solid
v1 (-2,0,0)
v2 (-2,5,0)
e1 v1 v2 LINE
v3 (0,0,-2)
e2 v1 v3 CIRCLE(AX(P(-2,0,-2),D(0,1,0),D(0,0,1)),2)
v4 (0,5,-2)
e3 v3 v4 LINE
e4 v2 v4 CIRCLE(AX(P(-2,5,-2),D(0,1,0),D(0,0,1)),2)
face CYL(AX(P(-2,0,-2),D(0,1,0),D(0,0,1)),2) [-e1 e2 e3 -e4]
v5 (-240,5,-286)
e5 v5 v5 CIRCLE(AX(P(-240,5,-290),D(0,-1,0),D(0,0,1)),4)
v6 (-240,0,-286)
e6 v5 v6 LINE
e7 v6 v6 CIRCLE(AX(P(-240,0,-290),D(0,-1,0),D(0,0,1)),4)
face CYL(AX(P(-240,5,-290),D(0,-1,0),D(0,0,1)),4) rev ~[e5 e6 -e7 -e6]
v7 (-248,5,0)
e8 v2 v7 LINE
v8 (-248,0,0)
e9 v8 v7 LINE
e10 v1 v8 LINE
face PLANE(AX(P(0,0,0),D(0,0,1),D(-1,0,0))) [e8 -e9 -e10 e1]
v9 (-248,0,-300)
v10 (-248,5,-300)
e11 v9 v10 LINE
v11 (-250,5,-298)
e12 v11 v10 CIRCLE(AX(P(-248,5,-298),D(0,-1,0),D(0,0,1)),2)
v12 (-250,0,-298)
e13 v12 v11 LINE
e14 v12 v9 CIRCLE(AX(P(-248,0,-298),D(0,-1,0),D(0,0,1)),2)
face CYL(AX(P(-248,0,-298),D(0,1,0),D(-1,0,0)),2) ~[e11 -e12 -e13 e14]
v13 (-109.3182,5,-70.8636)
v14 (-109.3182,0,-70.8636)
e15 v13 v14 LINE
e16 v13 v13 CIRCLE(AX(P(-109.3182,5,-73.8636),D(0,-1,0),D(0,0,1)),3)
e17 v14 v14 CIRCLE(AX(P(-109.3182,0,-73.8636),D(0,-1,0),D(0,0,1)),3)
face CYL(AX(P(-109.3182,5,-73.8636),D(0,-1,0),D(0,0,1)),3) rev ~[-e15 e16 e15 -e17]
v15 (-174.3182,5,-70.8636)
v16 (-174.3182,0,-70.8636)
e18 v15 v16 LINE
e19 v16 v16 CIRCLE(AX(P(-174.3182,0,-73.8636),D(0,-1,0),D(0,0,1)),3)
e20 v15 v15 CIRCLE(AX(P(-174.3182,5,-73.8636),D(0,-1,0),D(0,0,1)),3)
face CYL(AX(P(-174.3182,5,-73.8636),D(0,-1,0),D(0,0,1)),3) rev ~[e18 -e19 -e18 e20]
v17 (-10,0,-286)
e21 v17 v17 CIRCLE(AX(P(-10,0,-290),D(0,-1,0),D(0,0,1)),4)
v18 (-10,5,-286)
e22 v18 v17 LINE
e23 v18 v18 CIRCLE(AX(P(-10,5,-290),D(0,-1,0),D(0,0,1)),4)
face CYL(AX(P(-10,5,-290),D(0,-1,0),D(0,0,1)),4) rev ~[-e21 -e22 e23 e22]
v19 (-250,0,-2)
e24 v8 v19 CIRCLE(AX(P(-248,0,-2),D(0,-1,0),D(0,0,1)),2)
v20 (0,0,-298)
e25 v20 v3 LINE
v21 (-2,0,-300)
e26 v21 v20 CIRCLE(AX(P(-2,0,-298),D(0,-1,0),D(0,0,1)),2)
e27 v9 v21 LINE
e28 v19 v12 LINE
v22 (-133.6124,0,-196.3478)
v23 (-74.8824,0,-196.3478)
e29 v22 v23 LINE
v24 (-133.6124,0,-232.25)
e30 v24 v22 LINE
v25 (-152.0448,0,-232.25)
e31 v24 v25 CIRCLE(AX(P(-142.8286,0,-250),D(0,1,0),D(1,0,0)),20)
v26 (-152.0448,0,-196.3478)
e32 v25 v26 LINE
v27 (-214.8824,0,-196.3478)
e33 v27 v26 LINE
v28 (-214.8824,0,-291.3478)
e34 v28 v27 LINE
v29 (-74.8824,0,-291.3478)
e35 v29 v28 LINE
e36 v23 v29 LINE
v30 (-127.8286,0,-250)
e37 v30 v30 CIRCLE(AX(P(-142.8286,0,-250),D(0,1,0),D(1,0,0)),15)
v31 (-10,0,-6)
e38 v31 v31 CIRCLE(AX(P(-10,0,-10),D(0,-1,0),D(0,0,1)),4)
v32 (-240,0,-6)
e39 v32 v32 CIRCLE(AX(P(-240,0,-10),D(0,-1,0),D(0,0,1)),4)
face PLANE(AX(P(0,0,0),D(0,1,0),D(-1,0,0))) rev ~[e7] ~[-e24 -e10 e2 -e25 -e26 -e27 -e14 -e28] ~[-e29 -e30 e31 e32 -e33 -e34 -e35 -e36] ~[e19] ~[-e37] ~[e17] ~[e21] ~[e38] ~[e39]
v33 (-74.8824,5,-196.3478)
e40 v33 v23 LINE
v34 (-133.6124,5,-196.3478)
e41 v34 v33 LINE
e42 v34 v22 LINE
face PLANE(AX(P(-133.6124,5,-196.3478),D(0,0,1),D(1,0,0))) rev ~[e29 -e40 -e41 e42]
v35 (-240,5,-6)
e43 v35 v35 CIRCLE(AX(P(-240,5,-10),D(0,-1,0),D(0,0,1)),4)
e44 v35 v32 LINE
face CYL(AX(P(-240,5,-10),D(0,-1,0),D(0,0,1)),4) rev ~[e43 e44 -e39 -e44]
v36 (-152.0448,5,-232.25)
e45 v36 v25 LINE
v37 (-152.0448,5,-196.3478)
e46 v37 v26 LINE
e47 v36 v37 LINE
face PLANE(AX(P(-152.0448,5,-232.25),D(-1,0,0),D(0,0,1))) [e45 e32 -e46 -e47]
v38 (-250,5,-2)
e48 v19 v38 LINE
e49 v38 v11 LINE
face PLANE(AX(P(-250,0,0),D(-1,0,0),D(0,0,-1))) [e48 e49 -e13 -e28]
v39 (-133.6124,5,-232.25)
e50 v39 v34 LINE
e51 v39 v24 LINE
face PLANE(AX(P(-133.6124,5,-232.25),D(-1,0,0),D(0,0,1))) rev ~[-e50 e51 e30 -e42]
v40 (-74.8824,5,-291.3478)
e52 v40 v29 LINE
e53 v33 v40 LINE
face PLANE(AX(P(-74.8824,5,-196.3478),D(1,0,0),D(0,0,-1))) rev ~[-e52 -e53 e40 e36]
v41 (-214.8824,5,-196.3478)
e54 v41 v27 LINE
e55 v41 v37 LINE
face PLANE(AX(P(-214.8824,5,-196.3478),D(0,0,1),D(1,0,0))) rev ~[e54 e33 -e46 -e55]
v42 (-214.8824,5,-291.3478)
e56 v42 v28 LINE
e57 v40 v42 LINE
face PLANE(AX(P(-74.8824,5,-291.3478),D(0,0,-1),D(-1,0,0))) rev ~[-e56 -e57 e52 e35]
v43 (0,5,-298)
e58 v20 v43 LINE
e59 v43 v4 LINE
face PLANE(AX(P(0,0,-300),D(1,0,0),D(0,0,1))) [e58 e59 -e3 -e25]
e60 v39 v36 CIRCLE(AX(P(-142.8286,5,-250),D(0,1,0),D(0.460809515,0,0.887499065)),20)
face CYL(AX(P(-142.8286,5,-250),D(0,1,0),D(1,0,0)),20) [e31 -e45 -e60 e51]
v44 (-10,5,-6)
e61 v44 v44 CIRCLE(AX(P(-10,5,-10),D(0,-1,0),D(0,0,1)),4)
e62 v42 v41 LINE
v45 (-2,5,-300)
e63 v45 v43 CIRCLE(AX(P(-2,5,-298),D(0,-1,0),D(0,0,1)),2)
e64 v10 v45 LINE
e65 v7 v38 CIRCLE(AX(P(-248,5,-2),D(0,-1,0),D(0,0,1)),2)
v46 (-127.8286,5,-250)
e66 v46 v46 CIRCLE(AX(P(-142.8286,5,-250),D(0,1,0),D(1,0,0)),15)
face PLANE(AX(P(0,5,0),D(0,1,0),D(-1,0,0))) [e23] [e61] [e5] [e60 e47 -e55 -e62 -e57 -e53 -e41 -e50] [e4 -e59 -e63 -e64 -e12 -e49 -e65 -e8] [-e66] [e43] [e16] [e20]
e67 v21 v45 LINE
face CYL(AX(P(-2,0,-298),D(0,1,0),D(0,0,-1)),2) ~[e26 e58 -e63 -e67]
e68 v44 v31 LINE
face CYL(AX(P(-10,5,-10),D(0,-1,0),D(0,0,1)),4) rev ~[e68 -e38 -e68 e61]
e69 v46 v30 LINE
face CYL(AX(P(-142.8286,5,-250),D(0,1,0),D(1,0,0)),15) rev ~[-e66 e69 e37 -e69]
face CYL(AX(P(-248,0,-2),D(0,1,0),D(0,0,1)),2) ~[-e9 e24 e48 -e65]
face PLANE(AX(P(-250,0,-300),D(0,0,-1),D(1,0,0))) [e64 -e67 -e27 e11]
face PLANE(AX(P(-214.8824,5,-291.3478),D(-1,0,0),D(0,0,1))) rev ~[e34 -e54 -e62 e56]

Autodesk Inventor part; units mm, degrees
ref_plane "YZ Plane" through (0, 0, 0) normal (1, 0, 0) x (0, 1, 0)
ref_plane "XZ Plane" through (0, 0, 0) normal (0, 1, 0) x (-1, 0, 0)
ref_plane "XY Plane" through (0, 0, 0) normal (0, 0, 1) x (1, 0, 0)
sketch "Sketch2" plane through (0, 0, 0) normal (0, 1, 0) x (-1, 0, 0)
  line L0 (0, 0) -> (250, 0)
  line L1 (250, 0) -> (250, -300)
  line L2 (250, -300) -> (0, -300)
  line L3 (0, -300) -> (0, 0)
  dimension "d4" = 250
  dimension "d5" = 300
extrude "Extrusion2" add sketch "Sketch2" along normal blind 5
fillet "Fillet1" radius 2 4 edges at (0, 2.5, 0) (-250, 2.5, 0) (-250, 2.5, -300) (0, 2.5, -300)
sketch "Sketch5" plane through (0, 5, 0) normal (0, 1, 0) x (1, 0, 0)
  line L0 (-2, 300) -> (-248, 300) projected
  circle A0 centre (-10, 10) radius 5 projected
  circle A1 centre (-10, 290) radius 5 projected
  circle A2 centre (-240, 290) radius 5 projected
  circle A3 centre (-240, 10) radius 5 projected
  point P0 (0, 0)
  point P1 (-15, 150)
  dimension "d25" = 150
hole "Hole1" at (-240, 5, -10) at (-10, 5, -10) at (-10, 5, -290) at (-240, 5, -290) direction (0, -1, 0) diameter 8 depth 25 tip angle 118
sketch "Sketch6" plane through (0, 5, 0) normal (0, 1, 0) x (1, 0, 0)
  circle A0 centre (-142.8286, 250) radius 15
  line L0 (-2, 300) -> (-248, 300) projected
  circle A1 centre (-142.8286, 250) radius 20
  line L1 (-133.6124, 232.25) -> (-133.6124, 196.3478)
  line L2 (-152.0448, 232.25) -> (-152.0448, 196.3478)
  line L3 (-214.8824, 196.3478) -> (-74.8824, 196.3478)
  line L4 (-74.8824, 196.3478) -> (-74.8824, 291.3478)
  line L5 (-74.8824, 291.3478) -> (-214.8824, 291.3478)
  line L6 (-214.8824, 291.3478) -> (-214.8824, 196.3478)
  point P0 (0, 0)
  dimension "d33" = 30
  dimension "d34" = 50
  dimension "d35" = 40
  dimension "d36" = 140
  dimension "d37" = 95
extrude "Extrusion5" cut sketch "Sketch6" against normal blind 50 contours A0 | A1 L2 L3 L6 L5 L4 L1
sketch "Sketch8" plane through (0, 5, 0) normal (0, 1, 0) x (1, 0, 0)
  line L0 (-152.0448, 196.3478) -> (-214.8824, 196.3478) projected
  line L1 (-133.6124, 196.3478) -> (-74.8824, 196.3478) projected
  point P0 (0, 0)
  point P1 (-174.2431, 196.3478)
  point P2 (-174.3182, 73.8636)
  point P3 (-109.2711, 196.3478)
  point P4 (-109.3182, 73.8636)
  dimension "d47" = 65
hole "Hole3" at (-174.3182, 5, -73.8636) at (-109.3182, 5, -73.8636) direction (0, -1, 0) diameter 6 depth 25 tip angle 118
properties part number "bevel desk (hole)" material "Lead"
